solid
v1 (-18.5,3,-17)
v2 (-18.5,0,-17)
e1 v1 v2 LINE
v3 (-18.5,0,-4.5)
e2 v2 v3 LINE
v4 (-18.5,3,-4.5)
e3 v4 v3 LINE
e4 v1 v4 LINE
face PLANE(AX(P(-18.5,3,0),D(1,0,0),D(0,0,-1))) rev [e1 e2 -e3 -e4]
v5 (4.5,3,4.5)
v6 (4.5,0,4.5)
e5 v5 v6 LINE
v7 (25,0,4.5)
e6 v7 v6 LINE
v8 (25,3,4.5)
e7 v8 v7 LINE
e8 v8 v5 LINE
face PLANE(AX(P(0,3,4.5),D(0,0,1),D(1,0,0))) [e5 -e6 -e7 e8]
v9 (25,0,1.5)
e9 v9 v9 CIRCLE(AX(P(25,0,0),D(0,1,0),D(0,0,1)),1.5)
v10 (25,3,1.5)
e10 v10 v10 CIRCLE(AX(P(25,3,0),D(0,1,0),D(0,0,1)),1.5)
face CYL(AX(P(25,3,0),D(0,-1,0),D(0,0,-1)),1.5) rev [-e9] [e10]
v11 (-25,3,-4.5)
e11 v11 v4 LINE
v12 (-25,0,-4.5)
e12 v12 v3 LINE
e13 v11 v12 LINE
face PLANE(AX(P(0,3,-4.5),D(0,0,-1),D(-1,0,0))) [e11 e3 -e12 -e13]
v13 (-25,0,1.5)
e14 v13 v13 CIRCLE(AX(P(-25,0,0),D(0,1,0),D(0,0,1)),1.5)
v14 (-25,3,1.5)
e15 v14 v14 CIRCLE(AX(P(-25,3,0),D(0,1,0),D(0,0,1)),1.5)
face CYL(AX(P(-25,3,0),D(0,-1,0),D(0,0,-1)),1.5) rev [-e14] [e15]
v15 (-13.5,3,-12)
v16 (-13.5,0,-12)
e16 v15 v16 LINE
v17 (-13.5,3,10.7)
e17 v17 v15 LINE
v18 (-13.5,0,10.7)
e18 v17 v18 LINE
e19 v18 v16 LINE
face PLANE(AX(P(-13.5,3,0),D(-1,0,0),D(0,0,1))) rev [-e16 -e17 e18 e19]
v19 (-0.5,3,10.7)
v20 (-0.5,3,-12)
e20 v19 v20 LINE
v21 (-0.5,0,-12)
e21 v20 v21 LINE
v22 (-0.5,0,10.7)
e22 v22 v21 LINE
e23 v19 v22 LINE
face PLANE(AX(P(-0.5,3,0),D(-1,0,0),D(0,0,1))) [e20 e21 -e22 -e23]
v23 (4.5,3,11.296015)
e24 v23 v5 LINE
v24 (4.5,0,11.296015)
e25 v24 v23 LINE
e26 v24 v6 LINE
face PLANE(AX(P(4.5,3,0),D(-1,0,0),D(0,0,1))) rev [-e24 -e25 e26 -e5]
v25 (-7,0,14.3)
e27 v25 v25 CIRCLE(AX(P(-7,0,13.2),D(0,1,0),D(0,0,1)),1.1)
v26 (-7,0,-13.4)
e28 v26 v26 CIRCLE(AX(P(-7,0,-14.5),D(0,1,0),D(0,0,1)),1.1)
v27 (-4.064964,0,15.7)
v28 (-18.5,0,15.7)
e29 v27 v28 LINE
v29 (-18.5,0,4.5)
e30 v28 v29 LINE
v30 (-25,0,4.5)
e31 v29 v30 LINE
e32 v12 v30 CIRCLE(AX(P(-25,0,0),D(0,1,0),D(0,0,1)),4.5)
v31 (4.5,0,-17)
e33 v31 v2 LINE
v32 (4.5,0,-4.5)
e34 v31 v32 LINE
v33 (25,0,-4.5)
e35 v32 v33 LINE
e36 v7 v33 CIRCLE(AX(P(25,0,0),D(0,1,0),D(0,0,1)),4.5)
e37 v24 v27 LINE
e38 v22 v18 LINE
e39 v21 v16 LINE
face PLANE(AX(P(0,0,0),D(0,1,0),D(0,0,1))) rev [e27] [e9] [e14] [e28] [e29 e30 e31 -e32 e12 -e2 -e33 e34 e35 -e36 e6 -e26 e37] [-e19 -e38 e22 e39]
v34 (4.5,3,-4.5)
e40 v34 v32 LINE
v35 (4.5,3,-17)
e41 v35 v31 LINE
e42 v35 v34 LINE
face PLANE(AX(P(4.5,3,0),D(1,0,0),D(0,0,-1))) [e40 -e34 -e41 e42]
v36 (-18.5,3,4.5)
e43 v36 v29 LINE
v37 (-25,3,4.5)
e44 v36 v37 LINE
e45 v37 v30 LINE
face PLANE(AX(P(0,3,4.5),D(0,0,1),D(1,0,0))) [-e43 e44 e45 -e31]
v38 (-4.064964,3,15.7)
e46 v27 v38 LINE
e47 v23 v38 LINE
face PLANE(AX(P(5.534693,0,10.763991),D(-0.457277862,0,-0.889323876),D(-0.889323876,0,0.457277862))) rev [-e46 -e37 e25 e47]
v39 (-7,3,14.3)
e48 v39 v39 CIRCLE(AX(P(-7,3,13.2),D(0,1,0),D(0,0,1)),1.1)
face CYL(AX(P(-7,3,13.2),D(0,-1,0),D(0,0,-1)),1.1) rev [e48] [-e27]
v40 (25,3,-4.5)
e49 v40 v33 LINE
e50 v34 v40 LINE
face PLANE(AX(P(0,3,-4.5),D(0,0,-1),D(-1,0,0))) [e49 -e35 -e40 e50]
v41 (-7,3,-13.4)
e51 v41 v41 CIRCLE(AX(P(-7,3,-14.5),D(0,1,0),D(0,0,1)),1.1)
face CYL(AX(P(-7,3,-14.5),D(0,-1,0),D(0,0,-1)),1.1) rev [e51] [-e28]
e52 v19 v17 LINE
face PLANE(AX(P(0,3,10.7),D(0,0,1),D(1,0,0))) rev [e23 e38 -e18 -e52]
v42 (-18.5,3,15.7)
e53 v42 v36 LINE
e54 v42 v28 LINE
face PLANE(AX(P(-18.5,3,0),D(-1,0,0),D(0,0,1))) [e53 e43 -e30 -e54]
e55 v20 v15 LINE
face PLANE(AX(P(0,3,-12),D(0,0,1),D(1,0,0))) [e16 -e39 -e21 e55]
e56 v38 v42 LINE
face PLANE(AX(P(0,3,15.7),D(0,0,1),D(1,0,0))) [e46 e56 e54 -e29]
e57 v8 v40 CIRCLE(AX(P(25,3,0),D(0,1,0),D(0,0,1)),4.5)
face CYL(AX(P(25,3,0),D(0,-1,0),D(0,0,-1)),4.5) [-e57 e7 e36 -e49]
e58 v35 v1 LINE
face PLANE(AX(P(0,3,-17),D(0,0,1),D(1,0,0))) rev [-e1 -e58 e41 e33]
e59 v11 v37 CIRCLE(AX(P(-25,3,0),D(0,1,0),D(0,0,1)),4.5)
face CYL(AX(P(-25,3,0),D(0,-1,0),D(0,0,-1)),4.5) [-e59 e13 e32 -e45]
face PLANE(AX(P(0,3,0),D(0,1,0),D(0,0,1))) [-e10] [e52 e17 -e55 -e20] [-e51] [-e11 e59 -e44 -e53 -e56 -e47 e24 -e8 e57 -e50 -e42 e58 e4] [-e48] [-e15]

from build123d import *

# Parameters (mm, degrees)
SKETCH_1_R          = 4.5
SKETCH_1_R_2        = 1.5
SKETCH_1_W          = 5
SKETCH_1_H          = 9
SKETCH_1_R_3        = 2.5
SKETCH_1_R_4        = 1.1
EXTRUDE_1_DEPTH     = 3
CUT_EXTRUDE_1_DEPTH = 35.179672321


with BuildPart() as part:
    # 草图1 → 凸台-拉伸1 (new body)
    # profile 1 of 12: a face of its own
    with BuildSketch(Plane(origin=(0, 0, 0), x_dir=(1, 0, 0), z_dir=(0, 1, 0))):
        with Locations((-25, 0)):
            Circle(SKETCH_1_R)
        with Locations(Location((-25, 0, 0), (0, 0, 270))):
            Circle(SKETCH_1_R_2, mode=Mode.SUBTRACT)
    # profile 2 of 12: a face of its own
    with BuildSketch(Plane(origin=(0, 0, 0), x_dir=(1, 0, 0), z_dir=(0, 1, 0))):
        with BuildLine():
            Line((-18.5, 4.5), (-25, 4.5))
            ThreePointArc((-25, 4.5), (-21.818019485, 3.181980515), (-20.5, 0))
            ThreePointArc((-20.5, 0), (-21.818019485, -3.181980515), (-25, -4.5))
            Line((-25, -4.5), (-18.5, -4.5))
            Line((-18.5, -4.5), (-18.5, 4.5))
        make_face()
    # profile 3 of 12: a face of its own
    with BuildSketch(Plane(origin=(0, 0, 0), x_dir=(1, 0, 0), z_dir=(0, 1, 0))):
        with Locations((-16, 0)):
            Rectangle(SKETCH_1_W, SKETCH_1_H)
    # profile 4 of 12: a face of its own
    with BuildSketch(Plane(origin=(0, 0, 0), x_dir=(1, 0, 0), z_dir=(0, 1, 0))):
        with BuildLine():
            Line((-13.5, -4.5), (-18.5, -4.5))
            Line((-18.5, -4.5), (-18.5, -15.7))
            Line((-18.5, -15.7), (-7.000000018, -15.7))
            ThreePointArc((-7.000000018, -15.7), (-9.5, -13.199999991), (-7, -10.7))
            Line((-7, -10.7), (-13.5, -10.7))
            Line((-13.5, -10.7), (-13.5, -4.5))
        make_face()
    # profile 5 of 12: a face of its own
    with BuildSketch(Plane(origin=(0, 0, 0), x_dir=(1, 0, 0), z_dir=(0, 1, 0))):
        with BuildLine():
            Line((4.5, -4.5), (-0.5, -4.5))
            Line((-0.5, -4.5), (-0.5, -10.7))
            Line((-0.5, -10.7), (-7, -10.7))
            ThreePointArc((-7, -10.7), (-5.232233047, -11.432233047), (-4.5, -13.2))
            ThreePointArc((-4.5, -13.2), (-5.232233054, -14.967766959), (-7.000000018, -15.7))
            Line((-7.000000018, -15.7), (4.5, -15.7))
            Line((4.5, -15.7), (4.5, -4.5))
        make_face()
    # profile 6 of 12: a face of its own
    with BuildSketch(Plane(origin=(0, 0, 0), x_dir=(1, 0, 0), z_dir=(0, 1, 0))):
        Polygon((4.5, 4.5), (-0.5, 4.5), (-0.5, -4.5), (4.5, -4.5), (4.5, 0), align=None)
    # profile 7 of 12: a face of its own
    with BuildSketch(Plane(origin=(0, 0, 0), x_dir=(1, 0, 0), z_dir=(0, 1, 0))):
        with BuildLine():
            Line((-0.5, 12), (-0.5, 4.5))
            Line((-0.5, 4.5), (4.5, 4.5))
            Line((4.5, 4.5), (4.5, 17))
            Line((4.5, 17), (-7.000000057, 17))
            ThreePointArc((-7.000000057, 17), (-5.232233067, 16.267766973), (-4.5, 14.5))
            ThreePointArc((-4.5, 14.5), (-5.232233047, 12.732233047), (-7, 12))
            Line((-7, 12), (-0.5, 12))
        make_face()
    # profile 8 of 12: a face of its own
    with BuildSketch(Plane(origin=(0, 0, 0), x_dir=(1, 0, 0), z_dir=(0, 1, 0))):
        with BuildLine():
            Line((-18.5, 17), (-18.5, 4.5))
            Line((-18.5, 4.5), (-13.5, 4.5))
            Line((-13.5, 4.5), (-13.5, 12))
            Line((-13.5, 12), (-7, 12))
            ThreePointArc((-7, 12), (-9.5, 14.499999972), (-7.000000057, 17))
            Line((-7.000000057, 17), (-18.5, 17))
        make_face()
    # profile 9 of 12: a face of its own
    with BuildSketch(Plane(origin=(0, 0, 0), x_dir=(1, 0, 0), z_dir=(0, 1, 0))):
        with BuildLine():
            Line((25, 4.5), (4.5, 4.5))
            Line((4.5, 4.5), (4.5, 0))
            Line((4.5, 0), (4.5, -4.5))
            Line((4.5, -4.5), (25, -4.5))
            ThreePointArc((25, -4.5), (20.5, 0), (25, 4.5))
        make_face()
    # profile 10 of 12: a face of its own
    with BuildSketch(Plane(origin=(0, 0, 0), x_dir=(1, 0, 0), z_dir=(0, 1, 0))):
        with Locations((25, 0)):
            Circle(SKETCH_1_R)
        with Locations(Location((25, 0, 0), (0, 0, 270))):
            Circle(SKETCH_1_R_2, mode=Mode.SUBTRACT)
    # profile 11 of 12: a face of its own
    with BuildSketch(Plane(origin=(0, 0, 0), x_dir=(1, 0, 0), z_dir=(0, 1, 0))):
        with Locations((-7, 14.5)):
            Circle(SKETCH_1_R_3)
        with Locations(Location((-7, 14.5, 0), (0, 0, 270))):
            Circle(SKETCH_1_R_4, mode=Mode.SUBTRACT)
    # profile 12 of 12: a face of its own
    with BuildSketch(Plane(origin=(0, 0, 0), x_dir=(1, 0, 0), z_dir=(0, 1, 0))):
        with Locations((-7, -13.2)):
            Circle(SKETCH_1_R_3)
        with Locations(Location((-7, -13.2, 0), (0, 0, 270))):
            Circle(SKETCH_1_R_4, mode=Mode.SUBTRACT)
    extrude(amount=EXTRUDE_1_DEPTH)

    # 草图2 → 切除-拉伸1 (cut, through all)
    with BuildSketch(Plane(origin=(0, 3, 0), x_dir=(1, 0, 0), z_dir=(0, 1, 0))):
        Polygon((4.5, -15.7), (4.5, -11.296015474), (-4.064964363, -15.7), align=None)
    extrude(amount=-CUT_EXTRUDE_1_DEPTH, mode=Mode.SUBTRACT)


solid = part.part
